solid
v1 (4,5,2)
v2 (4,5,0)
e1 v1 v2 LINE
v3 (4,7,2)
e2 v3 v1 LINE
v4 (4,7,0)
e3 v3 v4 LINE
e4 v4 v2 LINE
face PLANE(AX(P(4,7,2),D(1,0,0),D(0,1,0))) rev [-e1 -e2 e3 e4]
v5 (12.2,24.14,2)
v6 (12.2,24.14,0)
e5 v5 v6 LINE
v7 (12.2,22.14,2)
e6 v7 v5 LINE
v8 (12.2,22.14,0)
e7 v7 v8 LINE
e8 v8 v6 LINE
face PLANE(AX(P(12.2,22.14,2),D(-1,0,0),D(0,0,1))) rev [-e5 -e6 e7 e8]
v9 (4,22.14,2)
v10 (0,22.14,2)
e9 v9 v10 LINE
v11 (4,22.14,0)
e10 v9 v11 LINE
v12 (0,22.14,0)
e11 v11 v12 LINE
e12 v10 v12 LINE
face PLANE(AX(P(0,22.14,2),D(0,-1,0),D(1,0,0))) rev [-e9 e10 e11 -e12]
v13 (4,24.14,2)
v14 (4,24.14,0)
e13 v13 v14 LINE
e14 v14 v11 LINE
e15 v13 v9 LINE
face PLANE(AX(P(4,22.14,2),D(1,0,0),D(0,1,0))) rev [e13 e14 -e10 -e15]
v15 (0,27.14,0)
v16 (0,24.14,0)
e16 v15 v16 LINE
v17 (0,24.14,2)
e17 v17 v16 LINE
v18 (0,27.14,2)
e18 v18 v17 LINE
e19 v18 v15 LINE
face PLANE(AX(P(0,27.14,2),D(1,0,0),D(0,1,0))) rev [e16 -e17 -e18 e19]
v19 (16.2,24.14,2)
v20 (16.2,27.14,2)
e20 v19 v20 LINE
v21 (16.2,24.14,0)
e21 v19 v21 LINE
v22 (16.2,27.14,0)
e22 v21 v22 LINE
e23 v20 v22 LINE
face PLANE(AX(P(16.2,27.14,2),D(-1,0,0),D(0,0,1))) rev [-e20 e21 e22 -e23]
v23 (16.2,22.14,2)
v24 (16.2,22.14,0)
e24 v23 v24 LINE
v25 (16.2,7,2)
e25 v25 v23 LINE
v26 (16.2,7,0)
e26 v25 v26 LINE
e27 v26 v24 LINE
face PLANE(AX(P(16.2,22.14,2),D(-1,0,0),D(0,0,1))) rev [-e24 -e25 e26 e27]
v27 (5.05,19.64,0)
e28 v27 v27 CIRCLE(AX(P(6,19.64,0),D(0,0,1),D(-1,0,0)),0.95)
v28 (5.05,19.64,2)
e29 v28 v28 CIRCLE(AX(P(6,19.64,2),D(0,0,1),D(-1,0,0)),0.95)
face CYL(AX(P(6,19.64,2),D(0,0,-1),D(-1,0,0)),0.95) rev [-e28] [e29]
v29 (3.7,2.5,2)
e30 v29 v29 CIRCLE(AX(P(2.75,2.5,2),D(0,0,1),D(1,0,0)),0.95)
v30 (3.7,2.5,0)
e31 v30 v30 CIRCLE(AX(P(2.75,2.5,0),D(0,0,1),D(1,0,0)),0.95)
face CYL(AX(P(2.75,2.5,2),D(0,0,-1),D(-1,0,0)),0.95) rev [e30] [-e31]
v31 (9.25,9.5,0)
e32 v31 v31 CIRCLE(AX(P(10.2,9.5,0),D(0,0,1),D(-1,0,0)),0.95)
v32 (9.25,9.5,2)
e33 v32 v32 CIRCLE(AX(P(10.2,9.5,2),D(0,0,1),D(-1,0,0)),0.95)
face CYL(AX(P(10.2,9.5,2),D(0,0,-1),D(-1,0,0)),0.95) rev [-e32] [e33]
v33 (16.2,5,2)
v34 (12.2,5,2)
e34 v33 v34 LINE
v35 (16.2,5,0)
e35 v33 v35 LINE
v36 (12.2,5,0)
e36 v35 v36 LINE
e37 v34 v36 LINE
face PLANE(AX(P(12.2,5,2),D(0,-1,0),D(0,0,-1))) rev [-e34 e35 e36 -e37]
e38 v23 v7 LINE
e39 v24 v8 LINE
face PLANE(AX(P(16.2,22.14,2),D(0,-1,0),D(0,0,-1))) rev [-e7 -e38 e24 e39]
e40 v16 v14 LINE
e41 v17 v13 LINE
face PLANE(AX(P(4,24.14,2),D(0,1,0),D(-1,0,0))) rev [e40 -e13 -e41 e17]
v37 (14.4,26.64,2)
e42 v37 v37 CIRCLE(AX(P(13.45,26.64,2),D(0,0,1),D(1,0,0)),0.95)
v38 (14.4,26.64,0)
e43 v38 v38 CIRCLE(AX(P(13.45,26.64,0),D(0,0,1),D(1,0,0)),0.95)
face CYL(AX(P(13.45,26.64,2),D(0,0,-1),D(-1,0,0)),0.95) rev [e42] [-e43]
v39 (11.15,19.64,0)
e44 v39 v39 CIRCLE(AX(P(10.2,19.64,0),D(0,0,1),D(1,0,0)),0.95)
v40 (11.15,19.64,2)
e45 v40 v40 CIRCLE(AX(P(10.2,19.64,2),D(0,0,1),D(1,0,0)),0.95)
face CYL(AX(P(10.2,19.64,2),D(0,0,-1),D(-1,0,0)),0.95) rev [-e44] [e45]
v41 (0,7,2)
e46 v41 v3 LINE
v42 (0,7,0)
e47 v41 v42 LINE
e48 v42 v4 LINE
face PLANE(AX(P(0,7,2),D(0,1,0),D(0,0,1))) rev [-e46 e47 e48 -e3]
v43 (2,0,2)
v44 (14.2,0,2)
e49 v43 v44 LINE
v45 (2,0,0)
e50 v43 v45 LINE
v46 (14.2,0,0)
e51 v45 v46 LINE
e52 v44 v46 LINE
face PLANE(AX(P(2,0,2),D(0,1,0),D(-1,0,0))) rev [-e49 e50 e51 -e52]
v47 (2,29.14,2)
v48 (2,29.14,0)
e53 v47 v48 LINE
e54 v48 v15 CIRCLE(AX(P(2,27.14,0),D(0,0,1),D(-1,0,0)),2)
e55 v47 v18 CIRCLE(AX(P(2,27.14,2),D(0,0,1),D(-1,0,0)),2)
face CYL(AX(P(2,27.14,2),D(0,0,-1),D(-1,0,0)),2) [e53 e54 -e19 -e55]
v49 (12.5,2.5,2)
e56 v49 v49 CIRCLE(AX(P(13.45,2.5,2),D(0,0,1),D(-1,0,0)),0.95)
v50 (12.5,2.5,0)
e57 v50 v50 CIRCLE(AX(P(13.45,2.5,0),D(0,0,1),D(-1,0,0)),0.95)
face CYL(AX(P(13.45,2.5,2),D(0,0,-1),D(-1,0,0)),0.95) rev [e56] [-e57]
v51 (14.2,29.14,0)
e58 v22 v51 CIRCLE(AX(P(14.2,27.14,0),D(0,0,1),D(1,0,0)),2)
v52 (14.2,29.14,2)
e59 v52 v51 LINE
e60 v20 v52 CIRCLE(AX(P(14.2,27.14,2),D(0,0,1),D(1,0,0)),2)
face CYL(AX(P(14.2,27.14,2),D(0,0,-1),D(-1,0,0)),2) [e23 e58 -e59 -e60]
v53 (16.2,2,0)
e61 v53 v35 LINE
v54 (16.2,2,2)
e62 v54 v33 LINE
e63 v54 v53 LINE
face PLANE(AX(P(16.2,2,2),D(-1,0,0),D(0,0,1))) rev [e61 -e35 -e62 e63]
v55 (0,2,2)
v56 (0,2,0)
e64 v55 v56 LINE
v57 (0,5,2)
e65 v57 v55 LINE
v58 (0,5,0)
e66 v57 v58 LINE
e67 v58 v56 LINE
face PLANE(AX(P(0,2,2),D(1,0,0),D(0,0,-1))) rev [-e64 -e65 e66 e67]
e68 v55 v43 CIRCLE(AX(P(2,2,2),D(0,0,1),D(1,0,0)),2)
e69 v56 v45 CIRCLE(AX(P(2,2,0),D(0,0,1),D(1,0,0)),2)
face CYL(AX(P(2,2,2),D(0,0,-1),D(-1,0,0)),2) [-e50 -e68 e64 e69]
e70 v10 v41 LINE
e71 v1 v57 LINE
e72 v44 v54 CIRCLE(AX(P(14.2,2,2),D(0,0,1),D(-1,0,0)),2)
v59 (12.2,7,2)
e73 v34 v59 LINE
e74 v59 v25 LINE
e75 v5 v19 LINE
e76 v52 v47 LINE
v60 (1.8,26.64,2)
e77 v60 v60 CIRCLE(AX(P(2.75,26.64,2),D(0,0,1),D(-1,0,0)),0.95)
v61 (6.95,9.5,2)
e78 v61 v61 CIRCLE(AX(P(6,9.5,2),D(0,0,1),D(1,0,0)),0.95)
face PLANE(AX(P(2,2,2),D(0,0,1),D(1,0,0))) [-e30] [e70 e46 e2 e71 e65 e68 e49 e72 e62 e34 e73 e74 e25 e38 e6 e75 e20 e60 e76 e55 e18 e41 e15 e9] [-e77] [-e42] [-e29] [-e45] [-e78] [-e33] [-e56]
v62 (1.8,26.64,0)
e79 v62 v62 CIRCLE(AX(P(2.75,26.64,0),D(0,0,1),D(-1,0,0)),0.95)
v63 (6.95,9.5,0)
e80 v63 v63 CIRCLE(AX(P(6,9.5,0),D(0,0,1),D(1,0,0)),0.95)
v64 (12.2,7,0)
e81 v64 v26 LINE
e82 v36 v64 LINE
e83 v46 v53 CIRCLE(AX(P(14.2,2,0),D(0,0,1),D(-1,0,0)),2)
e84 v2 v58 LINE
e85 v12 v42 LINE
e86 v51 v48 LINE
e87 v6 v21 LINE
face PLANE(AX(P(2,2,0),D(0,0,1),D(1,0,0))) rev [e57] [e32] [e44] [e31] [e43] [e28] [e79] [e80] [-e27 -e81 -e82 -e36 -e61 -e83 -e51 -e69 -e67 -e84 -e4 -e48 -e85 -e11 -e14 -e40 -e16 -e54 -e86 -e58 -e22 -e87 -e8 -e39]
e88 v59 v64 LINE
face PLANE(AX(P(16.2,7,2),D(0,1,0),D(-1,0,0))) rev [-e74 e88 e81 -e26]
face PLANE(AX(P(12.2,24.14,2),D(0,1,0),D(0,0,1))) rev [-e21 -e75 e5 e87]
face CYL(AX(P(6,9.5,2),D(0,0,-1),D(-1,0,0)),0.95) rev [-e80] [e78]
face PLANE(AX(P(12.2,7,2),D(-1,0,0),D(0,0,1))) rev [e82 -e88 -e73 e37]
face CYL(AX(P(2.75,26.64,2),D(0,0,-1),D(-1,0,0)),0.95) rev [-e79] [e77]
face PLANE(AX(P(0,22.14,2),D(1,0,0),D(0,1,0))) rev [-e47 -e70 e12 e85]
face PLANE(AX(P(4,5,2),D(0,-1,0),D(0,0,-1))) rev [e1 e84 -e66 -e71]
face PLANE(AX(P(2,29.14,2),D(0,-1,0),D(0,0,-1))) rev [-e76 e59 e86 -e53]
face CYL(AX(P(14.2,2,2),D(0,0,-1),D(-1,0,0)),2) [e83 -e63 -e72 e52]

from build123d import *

# Parameters (mm, degrees)
SKETCH1_R           = 0.95
BOSS_EXTRUDE1_DEPTH = 2


with BuildPart() as part:
    # Sketch1 → Boss-Extrude1 (new body)
    with BuildSketch(Plane.XY):
        with BuildLine():
            Line((0, 22.14), (0, 7))
            Line((0, 7), (4, 7))
            Line((4, 7), (4, 5))
            Line((4, 5), (0, 5))
            Line((0, 5), (0, 2))
            ThreePointArc((0, 2), (0.585786438, 0.585786438), (2, 0))
            Line((2, 0), (14.2, 0))
            ThreePointArc((14.2, 0), (15.614213562, 0.585786438), (16.2, 2))
            Line((16.2, 2), (16.2, 5))
            Line((16.2, 5), (12.2, 5))
            Line((12.2, 5), (12.2, 7))
            Line((12.2, 7), (16.2, 7))
            Line((16.2, 7), (16.2, 22.14))
            Line((16.2, 22.14), (12.2, 22.14))
            Line((12.2, 22.14), (12.2, 24.14))
            Line((12.2, 24.14), (16.2, 24.14))
            Line((16.2, 24.14), (16.2, 27.14))
            ThreePointArc((16.2, 27.14), (15.614213562, 28.554213562), (14.2, 29.14))
            Line((14.2, 29.14), (2, 29.14))
            ThreePointArc((2, 29.14), (0.585786438, 28.554213562), (0, 27.14))
            Line((0, 27.14), (0, 24.14))
            Line((0, 24.14), (4, 24.14))
            Line((4, 24.14), (4, 22.14))
            Line((4, 22.14), (0, 22.14))
        make_face()
        with Locations((13.45, 2.5)):
            Circle(SKETCH1_R, mode=Mode.SUBTRACT)
        with Locations((10.2, 9.5)):
            Circle(SKETCH1_R, mode=Mode.SUBTRACT)
        with Locations((2.75, 26.64)):
            Circle(SKETCH1_R, mode=Mode.SUBTRACT)
        with Locations((6, 19.64)):
            Circle(SKETCH1_R, mode=Mode.SUBTRACT)
        with Locations((6, 9.5)):
            Circle(SKETCH1_R, mode=Mode.SUBTRACT)
        with Locations((2.75, 2.5)):
            Circle(SKETCH1_R, mode=Mode.SUBTRACT)
        with Locations((10.2, 19.64)):
            Circle(SKETCH1_R, mode=Mode.SUBTRACT)
        with Locations((13.45, 26.64)):
            Circle(SKETCH1_R, mode=Mode.SUBTRACT)
    extrude(amount=BOSS_EXTRUDE1_DEPTH)


solid = part.part
